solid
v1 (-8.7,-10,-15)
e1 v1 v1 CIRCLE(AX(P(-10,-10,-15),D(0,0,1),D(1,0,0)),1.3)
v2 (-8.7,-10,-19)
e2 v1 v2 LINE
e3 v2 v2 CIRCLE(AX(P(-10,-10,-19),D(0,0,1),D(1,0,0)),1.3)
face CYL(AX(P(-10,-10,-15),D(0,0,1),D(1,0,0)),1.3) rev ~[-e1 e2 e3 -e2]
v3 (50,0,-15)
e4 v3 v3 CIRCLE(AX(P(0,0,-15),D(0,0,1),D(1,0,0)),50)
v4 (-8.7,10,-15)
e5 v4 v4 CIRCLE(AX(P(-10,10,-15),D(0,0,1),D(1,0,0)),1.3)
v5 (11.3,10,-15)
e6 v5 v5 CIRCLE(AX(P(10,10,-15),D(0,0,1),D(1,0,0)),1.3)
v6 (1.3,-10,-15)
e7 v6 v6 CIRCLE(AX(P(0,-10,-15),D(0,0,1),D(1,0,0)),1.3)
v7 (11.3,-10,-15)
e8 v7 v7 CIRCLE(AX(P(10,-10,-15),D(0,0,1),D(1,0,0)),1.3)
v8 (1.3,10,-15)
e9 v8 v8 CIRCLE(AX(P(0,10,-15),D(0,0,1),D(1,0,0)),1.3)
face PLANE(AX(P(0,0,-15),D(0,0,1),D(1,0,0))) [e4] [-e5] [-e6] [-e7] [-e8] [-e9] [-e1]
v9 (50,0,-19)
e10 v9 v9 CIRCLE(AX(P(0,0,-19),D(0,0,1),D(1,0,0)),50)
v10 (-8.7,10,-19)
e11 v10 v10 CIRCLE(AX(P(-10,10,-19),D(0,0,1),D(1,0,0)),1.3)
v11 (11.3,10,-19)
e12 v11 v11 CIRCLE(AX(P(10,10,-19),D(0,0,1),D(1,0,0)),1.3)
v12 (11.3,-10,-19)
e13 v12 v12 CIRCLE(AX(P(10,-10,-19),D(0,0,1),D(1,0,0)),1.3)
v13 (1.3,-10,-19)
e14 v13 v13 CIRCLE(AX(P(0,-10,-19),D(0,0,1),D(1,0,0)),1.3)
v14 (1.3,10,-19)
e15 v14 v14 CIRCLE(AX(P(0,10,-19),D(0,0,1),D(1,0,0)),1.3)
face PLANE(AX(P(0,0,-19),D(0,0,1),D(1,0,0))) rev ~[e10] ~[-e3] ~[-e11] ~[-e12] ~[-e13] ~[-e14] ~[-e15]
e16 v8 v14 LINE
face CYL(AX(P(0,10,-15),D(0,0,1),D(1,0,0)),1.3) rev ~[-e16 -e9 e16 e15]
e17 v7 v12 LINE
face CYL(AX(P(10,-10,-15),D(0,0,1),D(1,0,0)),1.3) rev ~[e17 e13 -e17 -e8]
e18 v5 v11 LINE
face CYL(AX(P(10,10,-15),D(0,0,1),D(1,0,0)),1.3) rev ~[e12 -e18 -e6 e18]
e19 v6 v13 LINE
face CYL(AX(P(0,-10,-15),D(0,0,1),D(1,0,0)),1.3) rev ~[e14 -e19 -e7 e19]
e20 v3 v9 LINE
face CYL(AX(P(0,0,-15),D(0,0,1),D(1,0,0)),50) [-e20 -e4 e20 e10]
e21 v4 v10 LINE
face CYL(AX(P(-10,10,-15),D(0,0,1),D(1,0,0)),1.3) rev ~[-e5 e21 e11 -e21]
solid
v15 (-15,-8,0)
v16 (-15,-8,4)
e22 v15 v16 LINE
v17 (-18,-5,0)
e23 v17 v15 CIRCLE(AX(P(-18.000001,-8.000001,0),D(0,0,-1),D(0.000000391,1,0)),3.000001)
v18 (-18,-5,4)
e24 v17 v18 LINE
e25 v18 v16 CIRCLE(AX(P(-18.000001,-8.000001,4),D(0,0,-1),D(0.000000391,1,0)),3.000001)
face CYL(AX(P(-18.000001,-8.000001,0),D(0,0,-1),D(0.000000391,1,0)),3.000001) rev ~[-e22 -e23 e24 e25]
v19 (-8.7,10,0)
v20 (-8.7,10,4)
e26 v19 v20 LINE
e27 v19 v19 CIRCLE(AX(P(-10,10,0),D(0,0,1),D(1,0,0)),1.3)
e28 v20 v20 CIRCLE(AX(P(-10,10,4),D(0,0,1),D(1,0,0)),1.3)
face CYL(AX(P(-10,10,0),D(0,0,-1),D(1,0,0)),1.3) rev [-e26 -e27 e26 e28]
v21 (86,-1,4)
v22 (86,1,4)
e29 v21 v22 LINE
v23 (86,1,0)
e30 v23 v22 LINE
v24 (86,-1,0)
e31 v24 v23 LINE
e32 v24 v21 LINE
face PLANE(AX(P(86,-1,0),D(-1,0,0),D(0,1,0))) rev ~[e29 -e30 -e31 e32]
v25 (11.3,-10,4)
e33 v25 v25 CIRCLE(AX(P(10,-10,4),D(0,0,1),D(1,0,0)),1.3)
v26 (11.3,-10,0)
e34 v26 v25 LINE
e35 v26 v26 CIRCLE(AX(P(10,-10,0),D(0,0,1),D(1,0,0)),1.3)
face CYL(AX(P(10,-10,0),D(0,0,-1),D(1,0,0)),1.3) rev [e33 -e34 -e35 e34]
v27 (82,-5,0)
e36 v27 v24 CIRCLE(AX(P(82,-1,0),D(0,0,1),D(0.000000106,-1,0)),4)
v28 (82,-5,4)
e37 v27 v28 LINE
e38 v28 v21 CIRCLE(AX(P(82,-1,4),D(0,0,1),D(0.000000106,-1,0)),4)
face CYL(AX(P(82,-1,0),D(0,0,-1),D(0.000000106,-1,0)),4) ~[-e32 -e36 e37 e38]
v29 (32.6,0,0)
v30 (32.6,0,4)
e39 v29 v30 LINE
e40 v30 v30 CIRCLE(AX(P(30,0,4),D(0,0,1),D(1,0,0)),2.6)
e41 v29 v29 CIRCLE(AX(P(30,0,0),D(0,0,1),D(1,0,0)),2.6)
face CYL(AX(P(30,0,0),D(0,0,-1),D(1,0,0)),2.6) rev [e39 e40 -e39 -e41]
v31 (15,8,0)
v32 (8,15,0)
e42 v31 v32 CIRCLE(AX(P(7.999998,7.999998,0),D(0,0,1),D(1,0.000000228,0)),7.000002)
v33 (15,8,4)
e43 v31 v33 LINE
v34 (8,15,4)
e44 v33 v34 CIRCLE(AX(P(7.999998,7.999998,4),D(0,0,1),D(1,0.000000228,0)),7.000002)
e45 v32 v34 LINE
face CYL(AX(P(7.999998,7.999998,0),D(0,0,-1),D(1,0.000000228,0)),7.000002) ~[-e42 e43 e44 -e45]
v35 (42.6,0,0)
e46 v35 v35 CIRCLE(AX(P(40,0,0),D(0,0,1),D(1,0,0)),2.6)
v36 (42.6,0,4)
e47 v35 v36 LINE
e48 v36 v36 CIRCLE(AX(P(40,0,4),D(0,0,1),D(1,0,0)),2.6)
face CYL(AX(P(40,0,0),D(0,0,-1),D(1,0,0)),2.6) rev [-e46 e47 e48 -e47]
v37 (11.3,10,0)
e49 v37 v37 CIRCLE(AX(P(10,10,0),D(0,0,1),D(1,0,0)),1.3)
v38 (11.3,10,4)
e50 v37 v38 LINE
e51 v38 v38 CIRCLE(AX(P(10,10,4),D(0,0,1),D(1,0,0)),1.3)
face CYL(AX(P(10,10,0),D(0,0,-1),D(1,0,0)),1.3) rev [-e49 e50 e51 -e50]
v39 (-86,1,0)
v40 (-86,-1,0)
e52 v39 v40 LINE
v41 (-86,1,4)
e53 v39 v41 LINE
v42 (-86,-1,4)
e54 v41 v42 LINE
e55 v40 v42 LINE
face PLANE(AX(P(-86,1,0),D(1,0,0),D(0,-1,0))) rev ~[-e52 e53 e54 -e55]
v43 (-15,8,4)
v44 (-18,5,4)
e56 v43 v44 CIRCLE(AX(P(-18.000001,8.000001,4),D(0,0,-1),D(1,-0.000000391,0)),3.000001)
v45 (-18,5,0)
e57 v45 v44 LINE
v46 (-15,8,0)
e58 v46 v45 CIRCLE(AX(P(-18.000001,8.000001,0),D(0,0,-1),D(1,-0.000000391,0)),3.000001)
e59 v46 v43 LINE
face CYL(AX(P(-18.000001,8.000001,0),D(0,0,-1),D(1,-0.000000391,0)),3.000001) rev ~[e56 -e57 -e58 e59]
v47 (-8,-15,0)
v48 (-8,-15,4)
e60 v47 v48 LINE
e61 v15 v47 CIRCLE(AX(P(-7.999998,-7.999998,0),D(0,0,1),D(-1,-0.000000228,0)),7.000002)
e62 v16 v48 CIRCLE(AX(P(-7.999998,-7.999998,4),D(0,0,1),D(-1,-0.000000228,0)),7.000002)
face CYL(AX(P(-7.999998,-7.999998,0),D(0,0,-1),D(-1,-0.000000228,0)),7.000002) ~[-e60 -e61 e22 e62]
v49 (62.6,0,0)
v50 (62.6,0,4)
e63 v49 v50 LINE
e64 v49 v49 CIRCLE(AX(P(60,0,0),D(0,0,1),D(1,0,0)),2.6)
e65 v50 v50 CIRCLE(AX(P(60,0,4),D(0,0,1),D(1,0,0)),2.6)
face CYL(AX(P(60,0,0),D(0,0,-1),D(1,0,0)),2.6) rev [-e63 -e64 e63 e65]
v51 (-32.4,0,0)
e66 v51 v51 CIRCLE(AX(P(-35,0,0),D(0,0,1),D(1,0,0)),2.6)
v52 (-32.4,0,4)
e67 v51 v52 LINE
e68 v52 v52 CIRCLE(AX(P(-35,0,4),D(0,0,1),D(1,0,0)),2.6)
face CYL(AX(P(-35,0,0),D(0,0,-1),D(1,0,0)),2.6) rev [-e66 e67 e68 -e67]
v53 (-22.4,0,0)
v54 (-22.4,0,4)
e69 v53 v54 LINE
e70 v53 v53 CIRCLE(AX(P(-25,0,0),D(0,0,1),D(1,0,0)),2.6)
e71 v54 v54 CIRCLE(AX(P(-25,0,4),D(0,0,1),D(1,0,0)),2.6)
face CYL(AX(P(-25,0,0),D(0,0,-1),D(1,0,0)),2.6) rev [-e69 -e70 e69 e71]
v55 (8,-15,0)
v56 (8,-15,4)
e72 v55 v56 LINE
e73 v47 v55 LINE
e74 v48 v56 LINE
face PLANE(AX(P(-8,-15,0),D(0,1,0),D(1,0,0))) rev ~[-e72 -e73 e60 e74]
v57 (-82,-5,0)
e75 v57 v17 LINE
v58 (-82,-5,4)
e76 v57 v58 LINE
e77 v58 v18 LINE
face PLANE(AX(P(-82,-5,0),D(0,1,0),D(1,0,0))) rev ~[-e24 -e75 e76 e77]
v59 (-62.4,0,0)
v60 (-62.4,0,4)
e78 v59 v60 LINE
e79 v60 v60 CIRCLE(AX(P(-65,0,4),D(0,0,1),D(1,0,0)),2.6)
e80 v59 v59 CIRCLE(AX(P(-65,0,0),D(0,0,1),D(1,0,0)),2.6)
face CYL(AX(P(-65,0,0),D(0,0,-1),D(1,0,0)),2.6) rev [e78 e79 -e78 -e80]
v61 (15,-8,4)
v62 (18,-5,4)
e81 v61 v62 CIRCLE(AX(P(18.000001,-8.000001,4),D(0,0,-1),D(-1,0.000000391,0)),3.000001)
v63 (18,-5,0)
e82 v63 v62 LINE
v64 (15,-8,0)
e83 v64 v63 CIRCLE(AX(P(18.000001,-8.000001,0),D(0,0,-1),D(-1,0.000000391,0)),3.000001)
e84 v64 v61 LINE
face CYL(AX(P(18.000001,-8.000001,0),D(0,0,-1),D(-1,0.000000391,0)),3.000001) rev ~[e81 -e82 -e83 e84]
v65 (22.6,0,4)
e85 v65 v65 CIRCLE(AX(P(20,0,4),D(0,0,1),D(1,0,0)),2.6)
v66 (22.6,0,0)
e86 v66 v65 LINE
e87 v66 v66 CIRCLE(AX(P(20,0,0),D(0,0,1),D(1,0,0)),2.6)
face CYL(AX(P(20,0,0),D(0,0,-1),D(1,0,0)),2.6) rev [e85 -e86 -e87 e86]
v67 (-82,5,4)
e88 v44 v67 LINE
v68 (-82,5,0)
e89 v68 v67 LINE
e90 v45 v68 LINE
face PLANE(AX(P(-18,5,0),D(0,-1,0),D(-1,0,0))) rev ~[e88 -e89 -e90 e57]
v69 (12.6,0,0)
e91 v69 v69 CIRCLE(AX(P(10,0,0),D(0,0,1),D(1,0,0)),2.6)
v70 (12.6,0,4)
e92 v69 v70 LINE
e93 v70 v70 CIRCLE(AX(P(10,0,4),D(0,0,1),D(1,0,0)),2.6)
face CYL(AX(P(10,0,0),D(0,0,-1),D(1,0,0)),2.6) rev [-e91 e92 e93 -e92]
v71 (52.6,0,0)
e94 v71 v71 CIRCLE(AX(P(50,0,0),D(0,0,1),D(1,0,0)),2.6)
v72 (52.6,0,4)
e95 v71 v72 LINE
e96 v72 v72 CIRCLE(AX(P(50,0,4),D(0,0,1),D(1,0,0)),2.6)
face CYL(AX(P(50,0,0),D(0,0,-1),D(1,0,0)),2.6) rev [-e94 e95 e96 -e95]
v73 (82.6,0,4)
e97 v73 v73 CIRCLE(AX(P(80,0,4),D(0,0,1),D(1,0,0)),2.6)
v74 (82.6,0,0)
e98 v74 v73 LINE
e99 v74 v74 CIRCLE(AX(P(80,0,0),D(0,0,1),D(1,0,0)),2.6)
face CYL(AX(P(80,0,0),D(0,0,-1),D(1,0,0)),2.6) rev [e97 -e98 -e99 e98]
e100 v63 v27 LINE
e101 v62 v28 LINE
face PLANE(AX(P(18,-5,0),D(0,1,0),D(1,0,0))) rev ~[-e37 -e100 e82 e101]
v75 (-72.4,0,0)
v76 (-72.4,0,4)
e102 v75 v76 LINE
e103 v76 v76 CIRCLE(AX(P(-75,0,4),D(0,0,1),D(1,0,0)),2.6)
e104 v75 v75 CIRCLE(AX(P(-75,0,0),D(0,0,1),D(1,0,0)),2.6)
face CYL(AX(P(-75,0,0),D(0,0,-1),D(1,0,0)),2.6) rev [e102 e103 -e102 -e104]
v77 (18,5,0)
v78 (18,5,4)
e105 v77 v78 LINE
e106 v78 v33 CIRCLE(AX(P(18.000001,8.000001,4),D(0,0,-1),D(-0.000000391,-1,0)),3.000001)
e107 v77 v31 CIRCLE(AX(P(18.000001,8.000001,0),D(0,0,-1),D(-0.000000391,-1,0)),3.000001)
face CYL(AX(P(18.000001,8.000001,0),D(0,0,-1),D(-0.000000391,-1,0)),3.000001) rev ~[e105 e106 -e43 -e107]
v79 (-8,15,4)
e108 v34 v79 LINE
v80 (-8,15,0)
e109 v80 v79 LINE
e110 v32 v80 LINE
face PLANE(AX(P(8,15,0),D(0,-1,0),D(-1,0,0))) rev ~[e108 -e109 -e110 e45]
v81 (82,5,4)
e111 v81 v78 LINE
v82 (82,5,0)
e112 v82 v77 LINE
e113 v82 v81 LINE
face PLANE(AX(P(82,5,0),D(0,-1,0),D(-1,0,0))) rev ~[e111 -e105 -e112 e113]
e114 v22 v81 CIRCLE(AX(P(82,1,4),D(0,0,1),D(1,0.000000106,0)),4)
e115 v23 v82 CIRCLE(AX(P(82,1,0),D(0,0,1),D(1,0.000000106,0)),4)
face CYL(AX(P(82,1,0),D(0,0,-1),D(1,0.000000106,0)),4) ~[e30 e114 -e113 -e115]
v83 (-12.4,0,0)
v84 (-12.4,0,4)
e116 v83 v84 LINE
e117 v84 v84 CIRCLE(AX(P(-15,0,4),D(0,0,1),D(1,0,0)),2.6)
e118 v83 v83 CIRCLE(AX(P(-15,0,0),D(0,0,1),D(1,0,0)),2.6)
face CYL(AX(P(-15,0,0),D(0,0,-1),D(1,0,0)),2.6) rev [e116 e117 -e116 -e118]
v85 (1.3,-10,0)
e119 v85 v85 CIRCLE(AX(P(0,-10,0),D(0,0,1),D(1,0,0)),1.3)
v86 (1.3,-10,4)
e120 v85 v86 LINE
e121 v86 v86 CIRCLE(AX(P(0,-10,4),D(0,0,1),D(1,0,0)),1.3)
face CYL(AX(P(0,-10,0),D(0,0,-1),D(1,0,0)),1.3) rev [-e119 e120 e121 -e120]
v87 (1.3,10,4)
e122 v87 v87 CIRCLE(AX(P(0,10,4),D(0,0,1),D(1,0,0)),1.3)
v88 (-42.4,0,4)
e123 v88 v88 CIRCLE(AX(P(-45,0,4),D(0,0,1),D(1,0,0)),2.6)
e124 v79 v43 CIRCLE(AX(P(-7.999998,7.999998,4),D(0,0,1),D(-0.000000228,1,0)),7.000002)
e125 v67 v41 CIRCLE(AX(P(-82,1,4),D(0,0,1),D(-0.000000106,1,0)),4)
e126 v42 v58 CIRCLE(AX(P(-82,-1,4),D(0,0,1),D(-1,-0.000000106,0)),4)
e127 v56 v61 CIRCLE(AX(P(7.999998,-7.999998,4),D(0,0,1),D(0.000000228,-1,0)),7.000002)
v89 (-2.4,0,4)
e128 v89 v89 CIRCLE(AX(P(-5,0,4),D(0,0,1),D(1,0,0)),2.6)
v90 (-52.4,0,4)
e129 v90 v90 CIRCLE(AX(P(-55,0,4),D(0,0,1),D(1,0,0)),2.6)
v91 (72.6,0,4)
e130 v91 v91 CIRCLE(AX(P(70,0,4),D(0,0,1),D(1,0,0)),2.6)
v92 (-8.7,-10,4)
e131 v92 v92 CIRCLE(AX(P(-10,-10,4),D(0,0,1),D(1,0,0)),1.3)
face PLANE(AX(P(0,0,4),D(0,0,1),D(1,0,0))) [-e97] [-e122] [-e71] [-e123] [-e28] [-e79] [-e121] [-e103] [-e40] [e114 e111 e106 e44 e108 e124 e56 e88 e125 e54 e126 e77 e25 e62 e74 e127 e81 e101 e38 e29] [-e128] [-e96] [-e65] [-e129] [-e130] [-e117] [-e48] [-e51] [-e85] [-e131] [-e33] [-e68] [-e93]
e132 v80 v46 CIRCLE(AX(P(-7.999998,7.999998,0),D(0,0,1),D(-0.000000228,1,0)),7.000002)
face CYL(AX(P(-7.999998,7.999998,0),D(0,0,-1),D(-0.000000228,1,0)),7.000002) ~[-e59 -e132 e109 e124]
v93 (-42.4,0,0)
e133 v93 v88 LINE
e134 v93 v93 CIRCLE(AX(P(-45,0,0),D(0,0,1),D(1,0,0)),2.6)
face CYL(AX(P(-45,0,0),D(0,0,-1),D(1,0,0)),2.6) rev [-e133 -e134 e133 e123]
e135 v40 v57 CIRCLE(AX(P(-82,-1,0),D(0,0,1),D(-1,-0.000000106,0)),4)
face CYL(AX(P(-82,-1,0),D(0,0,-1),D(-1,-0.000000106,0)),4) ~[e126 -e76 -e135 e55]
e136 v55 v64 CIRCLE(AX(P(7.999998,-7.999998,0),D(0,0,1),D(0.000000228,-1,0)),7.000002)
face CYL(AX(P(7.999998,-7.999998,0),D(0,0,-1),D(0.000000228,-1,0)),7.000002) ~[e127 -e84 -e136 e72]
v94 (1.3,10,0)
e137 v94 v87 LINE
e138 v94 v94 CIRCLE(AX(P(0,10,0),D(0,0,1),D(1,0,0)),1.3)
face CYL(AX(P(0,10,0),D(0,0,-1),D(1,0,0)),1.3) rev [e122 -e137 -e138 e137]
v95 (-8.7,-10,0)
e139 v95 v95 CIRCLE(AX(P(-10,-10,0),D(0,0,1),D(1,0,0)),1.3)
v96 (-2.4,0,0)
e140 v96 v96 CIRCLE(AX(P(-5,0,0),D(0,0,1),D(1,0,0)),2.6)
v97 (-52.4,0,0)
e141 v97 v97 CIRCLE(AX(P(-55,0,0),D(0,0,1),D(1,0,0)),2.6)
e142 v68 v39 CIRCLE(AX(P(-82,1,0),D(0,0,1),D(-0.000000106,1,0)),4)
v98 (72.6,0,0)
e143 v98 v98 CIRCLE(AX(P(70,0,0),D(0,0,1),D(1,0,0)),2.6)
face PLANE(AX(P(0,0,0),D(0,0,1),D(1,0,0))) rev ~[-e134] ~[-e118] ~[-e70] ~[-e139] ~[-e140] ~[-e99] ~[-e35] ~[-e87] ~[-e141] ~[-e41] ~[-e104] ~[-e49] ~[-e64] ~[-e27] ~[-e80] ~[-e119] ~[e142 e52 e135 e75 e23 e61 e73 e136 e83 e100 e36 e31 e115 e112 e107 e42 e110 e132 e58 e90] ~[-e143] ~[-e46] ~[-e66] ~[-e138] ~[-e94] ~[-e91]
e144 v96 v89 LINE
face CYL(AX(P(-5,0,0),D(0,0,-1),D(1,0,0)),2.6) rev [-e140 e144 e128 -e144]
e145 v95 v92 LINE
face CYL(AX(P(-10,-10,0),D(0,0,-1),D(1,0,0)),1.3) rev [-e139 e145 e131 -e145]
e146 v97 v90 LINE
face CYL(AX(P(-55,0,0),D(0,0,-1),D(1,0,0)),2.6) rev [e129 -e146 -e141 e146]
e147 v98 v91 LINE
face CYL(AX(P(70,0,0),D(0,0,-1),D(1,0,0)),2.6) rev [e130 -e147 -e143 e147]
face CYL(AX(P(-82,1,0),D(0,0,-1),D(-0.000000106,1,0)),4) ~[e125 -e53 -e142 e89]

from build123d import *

# Parameters (mm, degrees)
F0_R     = 1.3
F0_R_2   = 2.6
F1_DEPTH = 4
F3_R     = 50
F3_R_2   = 1.3
F4_DEPTH = 4


with BuildPart() as f1:
    # F0 (on Top) → F1 (new body)
    with BuildSketch(Plane.XY):
        with BuildLine():
            Line((8, 15), (-8, 15))
            ThreePointArc((-8, 15), (-12.949747, 12.949747), (-15, 8))
            ThreePointArc((-15, 8), (-15.87868, 5.87868), (-18, 5))
            Line((-18, 5), (-82, 5))
            ThreePointArc((-82, 5), (-84.828427, 3.828427), (-86, 1))
            Line((-86, 1), (-86, -1))
            ThreePointArc((-86, -1), (-84.828427, -3.828427), (-82, -5))
            Line((-82, -5), (-18, -5))
            ThreePointArc((-18, -5), (-15.87868, -5.87868), (-15, -8))
            ThreePointArc((-15, -8), (-12.949747, -12.949747), (-8, -15))
            Line((-8, -15), (8, -15))
            ThreePointArc((8, -15), (12.949747, -12.949747), (15, -8))
            ThreePointArc((15, -8), (15.87868, -5.87868), (18, -5))
            Line((18, -5), (82, -5))
            ThreePointArc((82, -5), (84.828427, -3.828427), (86, -1))
            Line((86, -1), (86, 1))
            ThreePointArc((86, 1), (84.828427, 3.828427), (82, 5))
            Line((82, 5), (18, 5))
            ThreePointArc((18, 5), (15.87868, 5.87868), (15, 8))
            ThreePointArc((15, 8), (12.949747, 12.949747), (8, 15))
        make_face()
        with Locations((-10, -10)):
            Circle(F0_R, mode=Mode.SUBTRACT)
        with Locations((0, -10)):
            Circle(F0_R, mode=Mode.SUBTRACT)
        with Locations((10, -10)):
            Circle(F0_R, mode=Mode.SUBTRACT)
        with Locations((-75, 0)):
            Circle(F0_R_2, mode=Mode.SUBTRACT)
        with Locations((-65, 0)):
            Circle(F0_R_2, mode=Mode.SUBTRACT)
        with Locations((-55, 0)):
            Circle(F0_R_2, mode=Mode.SUBTRACT)
        with Locations((-45, 0)):
            Circle(F0_R_2, mode=Mode.SUBTRACT)
        with Locations((-35, 0)):
            Circle(F0_R_2, mode=Mode.SUBTRACT)
        with Locations((-25, 0)):
            Circle(F0_R_2, mode=Mode.SUBTRACT)
        with Locations((-15, 0)):
            Circle(F0_R_2, mode=Mode.SUBTRACT)
        with Locations((-5, 0)):
            Circle(F0_R_2, mode=Mode.SUBTRACT)
        with Locations((-10, 10)):
            Circle(F0_R, mode=Mode.SUBTRACT)
        with Locations((10, 0)):
            Circle(F0_R_2, mode=Mode.SUBTRACT)
        with Locations((20, 0)):
            Circle(F0_R_2, mode=Mode.SUBTRACT)
        with Locations((30, 0)):
            Circle(F0_R_2, mode=Mode.SUBTRACT)
        with Locations((40, 0)):
            Circle(F0_R_2, mode=Mode.SUBTRACT)
        with Locations((50, 0)):
            Circle(F0_R_2, mode=Mode.SUBTRACT)
        with Locations((60, 0)):
            Circle(F0_R_2, mode=Mode.SUBTRACT)
        with Locations((70, 0)):
            Circle(F0_R_2, mode=Mode.SUBTRACT)
        with Locations((80, 0)):
            Circle(F0_R_2, mode=Mode.SUBTRACT)
        with Locations((0, 10)):
            Circle(F0_R, mode=Mode.SUBTRACT)
        with Locations((10, 10)):
            Circle(F0_R, mode=Mode.SUBTRACT)
    extrude(amount=F1_DEPTH)


with BuildPart() as f4:
    # F3 (on offset) → F4 (new body)
    with BuildSketch(Plane.XY.offset(-15)):
        Circle(F3_R)
        with Locations((-10, -10)):
            Circle(F3_R_2, mode=Mode.SUBTRACT)
        with Locations((0, -10)):
            Circle(F3_R_2, mode=Mode.SUBTRACT)
        with Locations((10, -10)):
            Circle(F3_R_2, mode=Mode.SUBTRACT)
        with Locations((-10, 10)):
            Circle(F3_R_2, mode=Mode.SUBTRACT)
        with Locations((0, 10)):
            Circle(F3_R_2, mode=Mode.SUBTRACT)
        with Locations((10, 10)):
            Circle(F3_R_2, mode=Mode.SUBTRACT)
    extrude(amount=-F4_DEPTH)


solid = Compound([f1.part, f4.part])
